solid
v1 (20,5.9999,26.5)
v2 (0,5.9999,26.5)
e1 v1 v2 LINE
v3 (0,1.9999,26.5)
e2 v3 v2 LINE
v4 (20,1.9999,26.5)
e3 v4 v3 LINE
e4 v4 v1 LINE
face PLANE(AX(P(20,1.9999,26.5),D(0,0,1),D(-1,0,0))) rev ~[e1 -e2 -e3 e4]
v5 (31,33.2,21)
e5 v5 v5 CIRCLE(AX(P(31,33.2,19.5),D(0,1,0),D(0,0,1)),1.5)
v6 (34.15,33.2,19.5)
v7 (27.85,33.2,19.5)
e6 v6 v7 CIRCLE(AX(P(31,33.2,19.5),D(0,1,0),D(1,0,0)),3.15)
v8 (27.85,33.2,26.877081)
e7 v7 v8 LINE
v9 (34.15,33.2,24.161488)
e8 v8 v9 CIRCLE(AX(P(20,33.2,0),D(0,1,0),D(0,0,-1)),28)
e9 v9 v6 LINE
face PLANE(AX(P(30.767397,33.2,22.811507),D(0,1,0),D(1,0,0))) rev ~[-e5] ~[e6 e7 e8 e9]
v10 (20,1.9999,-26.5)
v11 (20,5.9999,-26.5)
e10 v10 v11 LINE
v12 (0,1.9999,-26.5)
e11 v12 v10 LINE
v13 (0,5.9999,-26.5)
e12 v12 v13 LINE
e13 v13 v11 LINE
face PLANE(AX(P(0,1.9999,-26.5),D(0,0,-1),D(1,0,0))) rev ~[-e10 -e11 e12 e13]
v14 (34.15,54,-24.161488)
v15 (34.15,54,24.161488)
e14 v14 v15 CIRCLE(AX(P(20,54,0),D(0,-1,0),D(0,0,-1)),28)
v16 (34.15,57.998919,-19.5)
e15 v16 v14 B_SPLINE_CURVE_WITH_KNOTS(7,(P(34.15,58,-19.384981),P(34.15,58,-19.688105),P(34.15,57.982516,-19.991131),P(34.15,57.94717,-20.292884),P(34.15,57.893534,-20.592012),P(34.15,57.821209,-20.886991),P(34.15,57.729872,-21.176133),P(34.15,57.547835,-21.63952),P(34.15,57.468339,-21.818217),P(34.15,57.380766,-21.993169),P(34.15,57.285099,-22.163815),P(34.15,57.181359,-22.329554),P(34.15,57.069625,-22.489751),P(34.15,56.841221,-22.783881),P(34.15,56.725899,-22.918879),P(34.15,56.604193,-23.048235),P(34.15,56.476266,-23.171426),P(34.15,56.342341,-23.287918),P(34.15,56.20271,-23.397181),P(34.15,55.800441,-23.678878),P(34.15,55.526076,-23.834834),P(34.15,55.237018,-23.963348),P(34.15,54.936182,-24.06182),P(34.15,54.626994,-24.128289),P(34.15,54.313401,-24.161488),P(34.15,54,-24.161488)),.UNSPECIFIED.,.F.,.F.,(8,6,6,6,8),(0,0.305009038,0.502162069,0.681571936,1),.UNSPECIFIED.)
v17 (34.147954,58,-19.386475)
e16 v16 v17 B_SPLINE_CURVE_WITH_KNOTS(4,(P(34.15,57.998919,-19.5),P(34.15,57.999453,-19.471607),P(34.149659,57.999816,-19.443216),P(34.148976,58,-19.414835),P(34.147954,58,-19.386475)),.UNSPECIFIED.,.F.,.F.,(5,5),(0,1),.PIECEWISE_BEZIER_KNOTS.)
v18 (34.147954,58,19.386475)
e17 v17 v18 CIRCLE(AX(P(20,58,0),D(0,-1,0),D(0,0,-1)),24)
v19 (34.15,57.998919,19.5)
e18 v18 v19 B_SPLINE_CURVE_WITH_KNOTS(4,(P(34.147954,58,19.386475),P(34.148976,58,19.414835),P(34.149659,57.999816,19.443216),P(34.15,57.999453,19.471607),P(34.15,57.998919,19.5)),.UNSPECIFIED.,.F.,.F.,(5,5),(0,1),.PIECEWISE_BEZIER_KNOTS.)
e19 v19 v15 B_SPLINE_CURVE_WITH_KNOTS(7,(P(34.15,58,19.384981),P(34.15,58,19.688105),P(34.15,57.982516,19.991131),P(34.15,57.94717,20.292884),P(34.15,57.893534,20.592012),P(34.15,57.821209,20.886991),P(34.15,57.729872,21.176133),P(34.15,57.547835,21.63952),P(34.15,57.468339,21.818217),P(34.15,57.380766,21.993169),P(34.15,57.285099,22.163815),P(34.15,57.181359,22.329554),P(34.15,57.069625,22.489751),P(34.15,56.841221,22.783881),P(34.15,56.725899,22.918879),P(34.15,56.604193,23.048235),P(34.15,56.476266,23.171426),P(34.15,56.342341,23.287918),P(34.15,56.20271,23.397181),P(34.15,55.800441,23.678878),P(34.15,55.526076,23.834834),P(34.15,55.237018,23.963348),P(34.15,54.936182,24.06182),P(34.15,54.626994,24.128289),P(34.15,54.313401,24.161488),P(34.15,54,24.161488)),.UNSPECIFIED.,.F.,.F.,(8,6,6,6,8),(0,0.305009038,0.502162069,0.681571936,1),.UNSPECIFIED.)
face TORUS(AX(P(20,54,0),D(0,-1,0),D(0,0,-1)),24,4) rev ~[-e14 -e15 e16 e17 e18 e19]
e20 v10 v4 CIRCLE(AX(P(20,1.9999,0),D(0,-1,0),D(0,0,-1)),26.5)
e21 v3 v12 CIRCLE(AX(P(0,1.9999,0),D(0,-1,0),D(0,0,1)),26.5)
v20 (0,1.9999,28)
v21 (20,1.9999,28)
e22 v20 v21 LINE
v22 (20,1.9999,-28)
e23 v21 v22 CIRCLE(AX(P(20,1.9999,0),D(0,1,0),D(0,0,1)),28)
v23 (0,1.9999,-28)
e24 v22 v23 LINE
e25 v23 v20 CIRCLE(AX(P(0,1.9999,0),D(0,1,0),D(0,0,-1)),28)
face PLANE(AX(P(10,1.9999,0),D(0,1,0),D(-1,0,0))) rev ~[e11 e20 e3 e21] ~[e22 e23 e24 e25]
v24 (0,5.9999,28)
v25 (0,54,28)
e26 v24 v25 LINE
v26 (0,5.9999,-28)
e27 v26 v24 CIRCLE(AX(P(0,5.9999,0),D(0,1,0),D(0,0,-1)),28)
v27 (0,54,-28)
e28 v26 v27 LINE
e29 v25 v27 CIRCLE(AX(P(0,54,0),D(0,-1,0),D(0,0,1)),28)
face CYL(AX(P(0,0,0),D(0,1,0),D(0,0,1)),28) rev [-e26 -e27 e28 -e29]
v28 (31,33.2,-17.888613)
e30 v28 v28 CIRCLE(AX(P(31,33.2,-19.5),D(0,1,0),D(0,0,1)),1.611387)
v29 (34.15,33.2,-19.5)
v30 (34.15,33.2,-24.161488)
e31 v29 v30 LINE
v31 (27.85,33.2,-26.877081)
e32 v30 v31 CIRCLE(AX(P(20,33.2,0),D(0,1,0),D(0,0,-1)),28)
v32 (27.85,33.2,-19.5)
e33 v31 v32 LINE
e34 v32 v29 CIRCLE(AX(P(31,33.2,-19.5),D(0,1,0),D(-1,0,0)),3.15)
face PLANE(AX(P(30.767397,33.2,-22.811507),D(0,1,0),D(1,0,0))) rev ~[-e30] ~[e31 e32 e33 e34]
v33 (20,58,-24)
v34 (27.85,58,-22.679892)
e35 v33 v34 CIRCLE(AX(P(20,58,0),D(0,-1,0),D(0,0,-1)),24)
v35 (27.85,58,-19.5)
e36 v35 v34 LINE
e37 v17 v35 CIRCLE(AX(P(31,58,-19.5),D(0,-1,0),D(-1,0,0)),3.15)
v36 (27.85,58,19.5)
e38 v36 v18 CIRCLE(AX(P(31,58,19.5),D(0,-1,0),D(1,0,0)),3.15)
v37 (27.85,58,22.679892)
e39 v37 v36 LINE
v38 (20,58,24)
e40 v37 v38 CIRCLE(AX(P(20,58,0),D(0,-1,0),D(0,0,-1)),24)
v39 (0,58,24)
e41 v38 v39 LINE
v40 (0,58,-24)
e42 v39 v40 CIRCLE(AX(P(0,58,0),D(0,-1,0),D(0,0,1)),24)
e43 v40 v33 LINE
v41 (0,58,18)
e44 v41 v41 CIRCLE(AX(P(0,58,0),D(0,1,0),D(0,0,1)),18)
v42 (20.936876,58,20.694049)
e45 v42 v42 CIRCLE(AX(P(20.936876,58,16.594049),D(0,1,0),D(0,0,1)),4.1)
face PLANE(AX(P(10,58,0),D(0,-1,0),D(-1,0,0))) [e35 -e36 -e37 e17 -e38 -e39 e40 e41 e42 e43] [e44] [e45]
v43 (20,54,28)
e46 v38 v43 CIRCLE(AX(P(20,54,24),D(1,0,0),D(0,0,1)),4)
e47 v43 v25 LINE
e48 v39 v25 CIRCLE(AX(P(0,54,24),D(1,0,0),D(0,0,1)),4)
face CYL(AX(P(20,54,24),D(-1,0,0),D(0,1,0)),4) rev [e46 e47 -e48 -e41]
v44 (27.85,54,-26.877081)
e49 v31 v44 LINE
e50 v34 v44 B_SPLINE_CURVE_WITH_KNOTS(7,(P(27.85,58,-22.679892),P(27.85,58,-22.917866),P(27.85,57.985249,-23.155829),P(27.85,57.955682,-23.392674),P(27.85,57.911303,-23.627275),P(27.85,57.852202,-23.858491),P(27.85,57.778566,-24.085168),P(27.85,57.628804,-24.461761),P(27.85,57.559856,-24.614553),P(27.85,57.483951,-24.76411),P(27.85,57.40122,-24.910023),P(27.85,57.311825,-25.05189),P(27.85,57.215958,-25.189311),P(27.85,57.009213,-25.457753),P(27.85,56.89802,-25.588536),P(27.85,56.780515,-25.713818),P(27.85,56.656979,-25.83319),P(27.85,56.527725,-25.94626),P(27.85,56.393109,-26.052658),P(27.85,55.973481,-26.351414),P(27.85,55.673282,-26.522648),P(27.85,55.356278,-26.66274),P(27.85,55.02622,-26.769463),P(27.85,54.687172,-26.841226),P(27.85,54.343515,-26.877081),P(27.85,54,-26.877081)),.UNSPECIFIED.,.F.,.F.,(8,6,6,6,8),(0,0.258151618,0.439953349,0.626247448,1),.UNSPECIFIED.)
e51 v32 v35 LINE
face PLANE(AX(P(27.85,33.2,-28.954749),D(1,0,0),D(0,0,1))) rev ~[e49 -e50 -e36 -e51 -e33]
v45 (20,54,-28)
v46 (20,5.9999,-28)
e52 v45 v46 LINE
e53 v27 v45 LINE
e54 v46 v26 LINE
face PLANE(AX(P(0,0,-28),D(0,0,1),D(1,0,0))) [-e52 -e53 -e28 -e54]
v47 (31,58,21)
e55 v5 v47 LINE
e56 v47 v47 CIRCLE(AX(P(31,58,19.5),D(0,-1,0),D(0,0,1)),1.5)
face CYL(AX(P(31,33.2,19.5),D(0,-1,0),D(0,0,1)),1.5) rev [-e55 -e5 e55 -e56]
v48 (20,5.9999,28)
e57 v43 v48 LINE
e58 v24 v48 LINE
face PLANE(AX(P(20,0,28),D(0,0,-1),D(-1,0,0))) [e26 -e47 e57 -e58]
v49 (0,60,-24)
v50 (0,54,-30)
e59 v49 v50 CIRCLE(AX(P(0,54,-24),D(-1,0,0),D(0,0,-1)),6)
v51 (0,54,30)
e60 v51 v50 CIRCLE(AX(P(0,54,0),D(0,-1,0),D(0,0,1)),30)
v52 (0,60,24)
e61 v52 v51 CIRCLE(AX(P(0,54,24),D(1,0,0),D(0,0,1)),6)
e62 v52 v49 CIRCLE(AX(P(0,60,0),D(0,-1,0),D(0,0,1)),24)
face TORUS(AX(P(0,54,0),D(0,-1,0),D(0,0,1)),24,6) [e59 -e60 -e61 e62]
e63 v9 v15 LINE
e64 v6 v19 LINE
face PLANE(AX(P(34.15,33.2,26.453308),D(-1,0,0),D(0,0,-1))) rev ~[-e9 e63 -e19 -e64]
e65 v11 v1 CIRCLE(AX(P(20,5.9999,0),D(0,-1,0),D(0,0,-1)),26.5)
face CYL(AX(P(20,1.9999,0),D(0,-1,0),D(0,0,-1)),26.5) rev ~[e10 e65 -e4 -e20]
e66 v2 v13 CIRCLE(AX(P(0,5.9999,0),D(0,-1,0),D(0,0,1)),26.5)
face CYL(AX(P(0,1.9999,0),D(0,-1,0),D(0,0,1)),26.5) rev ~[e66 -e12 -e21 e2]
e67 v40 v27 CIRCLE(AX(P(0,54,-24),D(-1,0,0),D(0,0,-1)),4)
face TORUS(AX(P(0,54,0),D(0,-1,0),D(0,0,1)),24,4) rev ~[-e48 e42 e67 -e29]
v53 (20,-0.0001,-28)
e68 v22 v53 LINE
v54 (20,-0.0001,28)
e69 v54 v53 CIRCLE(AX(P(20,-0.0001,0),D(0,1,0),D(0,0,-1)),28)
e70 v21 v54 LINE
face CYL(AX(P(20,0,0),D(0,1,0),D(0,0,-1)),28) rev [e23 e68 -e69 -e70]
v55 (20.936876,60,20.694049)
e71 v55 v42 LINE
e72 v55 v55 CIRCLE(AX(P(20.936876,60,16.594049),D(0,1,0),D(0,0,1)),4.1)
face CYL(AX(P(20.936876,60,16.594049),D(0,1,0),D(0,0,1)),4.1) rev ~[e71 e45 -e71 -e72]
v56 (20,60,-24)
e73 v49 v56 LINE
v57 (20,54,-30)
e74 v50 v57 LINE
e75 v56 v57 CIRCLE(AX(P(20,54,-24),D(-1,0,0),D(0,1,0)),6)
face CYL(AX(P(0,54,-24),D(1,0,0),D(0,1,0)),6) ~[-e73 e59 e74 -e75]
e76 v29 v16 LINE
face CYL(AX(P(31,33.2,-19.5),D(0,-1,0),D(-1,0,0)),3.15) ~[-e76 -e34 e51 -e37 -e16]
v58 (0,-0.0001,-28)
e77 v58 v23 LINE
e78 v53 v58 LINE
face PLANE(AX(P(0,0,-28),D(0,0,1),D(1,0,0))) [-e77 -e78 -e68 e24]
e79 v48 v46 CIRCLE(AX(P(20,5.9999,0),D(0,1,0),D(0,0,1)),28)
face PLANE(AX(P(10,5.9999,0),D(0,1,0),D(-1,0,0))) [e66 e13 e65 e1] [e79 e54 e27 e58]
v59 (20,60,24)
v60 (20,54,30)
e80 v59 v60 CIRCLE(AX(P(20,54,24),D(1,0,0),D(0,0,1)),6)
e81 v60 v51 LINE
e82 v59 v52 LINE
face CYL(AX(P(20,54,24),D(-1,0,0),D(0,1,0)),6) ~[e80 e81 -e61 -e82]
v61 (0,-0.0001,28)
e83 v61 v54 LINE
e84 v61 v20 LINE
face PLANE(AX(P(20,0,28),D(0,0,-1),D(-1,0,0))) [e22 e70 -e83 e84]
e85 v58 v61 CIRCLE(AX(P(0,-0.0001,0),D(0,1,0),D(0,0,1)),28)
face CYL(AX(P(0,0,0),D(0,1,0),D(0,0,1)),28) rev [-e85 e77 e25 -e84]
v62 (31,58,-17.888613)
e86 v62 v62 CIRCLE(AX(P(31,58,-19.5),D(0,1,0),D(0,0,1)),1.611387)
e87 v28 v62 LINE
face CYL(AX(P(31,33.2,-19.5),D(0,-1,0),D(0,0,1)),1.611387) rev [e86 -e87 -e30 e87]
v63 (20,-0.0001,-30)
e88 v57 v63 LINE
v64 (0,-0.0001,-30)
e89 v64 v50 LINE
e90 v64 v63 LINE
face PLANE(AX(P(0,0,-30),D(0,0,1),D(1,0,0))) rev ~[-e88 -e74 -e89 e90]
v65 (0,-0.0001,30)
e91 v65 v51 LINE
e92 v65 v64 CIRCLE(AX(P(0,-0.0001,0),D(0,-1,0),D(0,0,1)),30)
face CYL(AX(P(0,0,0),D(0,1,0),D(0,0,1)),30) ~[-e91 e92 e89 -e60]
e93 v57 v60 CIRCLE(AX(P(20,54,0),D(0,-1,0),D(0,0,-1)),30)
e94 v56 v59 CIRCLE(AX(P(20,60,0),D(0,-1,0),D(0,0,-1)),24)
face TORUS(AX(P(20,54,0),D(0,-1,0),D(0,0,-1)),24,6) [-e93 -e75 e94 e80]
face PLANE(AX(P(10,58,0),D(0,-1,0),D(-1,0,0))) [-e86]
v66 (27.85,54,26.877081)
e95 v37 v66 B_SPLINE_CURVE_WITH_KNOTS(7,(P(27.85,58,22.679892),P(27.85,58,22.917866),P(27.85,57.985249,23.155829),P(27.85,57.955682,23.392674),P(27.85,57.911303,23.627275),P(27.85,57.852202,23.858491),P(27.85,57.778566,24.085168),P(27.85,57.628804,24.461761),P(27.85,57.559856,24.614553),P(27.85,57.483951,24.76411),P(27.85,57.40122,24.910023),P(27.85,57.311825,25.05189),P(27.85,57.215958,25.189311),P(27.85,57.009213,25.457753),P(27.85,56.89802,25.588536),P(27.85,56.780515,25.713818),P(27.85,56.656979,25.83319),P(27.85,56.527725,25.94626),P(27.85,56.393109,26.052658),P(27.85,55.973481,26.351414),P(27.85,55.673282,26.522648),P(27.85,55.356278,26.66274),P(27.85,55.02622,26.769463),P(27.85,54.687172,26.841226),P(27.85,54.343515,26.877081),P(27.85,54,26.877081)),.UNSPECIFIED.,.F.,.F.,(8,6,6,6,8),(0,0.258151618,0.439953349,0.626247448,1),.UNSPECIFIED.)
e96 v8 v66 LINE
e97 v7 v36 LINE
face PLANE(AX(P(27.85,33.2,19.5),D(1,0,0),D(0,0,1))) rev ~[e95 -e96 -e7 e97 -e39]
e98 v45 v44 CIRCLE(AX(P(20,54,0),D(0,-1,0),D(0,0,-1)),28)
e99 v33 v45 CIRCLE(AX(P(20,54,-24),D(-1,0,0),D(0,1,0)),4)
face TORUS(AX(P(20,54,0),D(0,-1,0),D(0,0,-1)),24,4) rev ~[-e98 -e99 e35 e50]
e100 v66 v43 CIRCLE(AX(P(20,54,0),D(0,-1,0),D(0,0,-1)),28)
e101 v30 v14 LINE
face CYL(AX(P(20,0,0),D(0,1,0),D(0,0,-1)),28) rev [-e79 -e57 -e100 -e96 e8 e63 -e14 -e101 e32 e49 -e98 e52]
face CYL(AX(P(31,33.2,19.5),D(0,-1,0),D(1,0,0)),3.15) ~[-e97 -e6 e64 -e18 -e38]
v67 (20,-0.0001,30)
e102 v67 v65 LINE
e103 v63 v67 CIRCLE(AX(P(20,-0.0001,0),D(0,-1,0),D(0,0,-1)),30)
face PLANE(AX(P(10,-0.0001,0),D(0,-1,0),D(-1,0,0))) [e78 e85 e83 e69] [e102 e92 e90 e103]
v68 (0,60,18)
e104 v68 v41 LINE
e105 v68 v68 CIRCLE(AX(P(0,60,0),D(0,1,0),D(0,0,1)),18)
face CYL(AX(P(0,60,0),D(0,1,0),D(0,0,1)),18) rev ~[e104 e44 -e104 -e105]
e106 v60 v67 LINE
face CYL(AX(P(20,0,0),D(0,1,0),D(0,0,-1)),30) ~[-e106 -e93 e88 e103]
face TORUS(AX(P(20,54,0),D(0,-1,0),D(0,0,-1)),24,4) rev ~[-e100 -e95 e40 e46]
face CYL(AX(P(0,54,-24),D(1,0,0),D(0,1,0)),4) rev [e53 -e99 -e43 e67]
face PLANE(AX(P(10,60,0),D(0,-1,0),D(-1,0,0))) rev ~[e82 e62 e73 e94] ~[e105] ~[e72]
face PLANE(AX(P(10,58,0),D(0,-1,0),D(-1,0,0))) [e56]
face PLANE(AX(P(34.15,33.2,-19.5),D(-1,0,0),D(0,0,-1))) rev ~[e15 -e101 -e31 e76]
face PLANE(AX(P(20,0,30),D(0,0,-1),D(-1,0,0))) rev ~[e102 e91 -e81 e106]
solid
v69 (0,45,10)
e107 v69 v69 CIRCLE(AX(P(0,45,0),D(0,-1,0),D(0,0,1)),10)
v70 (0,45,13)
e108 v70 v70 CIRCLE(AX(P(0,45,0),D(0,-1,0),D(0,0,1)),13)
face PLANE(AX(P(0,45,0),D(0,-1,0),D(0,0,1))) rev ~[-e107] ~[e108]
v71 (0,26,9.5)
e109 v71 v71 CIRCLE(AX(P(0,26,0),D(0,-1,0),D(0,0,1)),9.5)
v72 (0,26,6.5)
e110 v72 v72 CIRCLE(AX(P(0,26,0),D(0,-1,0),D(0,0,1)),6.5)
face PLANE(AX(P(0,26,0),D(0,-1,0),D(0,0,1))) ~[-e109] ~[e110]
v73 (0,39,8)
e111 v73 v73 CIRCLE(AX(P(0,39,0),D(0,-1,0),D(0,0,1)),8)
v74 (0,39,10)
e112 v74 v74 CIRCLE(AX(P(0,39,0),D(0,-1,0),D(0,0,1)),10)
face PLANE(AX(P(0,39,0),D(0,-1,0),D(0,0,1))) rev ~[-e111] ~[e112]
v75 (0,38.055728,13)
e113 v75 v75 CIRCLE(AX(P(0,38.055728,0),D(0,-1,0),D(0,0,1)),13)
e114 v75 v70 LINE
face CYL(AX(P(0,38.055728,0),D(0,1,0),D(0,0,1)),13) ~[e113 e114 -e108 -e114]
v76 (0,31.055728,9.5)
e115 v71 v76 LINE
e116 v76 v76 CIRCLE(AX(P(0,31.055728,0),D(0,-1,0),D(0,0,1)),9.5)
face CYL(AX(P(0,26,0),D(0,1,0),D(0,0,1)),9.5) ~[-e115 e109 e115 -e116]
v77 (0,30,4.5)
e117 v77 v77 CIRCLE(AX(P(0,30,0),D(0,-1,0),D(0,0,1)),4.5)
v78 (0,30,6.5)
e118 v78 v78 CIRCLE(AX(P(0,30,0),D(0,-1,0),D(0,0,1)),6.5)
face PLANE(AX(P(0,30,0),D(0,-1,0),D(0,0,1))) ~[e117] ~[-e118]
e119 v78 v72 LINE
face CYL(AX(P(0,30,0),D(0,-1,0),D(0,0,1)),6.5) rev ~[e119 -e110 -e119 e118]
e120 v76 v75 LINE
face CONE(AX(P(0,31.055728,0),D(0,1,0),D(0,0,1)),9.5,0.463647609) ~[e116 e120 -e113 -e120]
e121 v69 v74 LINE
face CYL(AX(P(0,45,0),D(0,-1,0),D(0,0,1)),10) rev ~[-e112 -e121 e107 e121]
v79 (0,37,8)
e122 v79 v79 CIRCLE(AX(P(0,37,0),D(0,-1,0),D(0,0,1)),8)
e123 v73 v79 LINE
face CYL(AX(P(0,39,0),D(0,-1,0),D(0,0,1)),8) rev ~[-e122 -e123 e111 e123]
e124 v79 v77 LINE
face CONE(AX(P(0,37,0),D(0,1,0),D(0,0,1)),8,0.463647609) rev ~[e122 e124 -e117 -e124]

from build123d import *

# Parameters (mm, degrees)
EXTRUDE_2_DEPTH      = 60
EXTRUDE_2_DEPTH_BACK = 0.0001
FILLET_2_R           = 6
SHELL_2_T            = -2
CUT_EXTRUDE_1_REACH  = 85.666
SKETCH_3_R           = 18
EXTRUDE_5_REACH      = 69.099
SKETCH_5_R           = 1.5
SKETCH_5_R_2         = 1.611386823
SKETCH_6_R           = 4.1
CUT_EXTRUDE_2_DEPTH  = 2
EXTRUDE_START        = -2
EXTRUDE_6_DEPTH      = 4


with BuildPart() as part:
    # 草图2 → 凸台-拉伸2 (new, two sides)
    with BuildSketch(Plane(origin=(0, 0, 0), x_dir=(1, 0, 0), z_dir=(0, 1, 0))) as extrude_2_sk:
        with BuildLine():
            Line((0, 30), (20, 30))
            ThreePointArc((20, 30), (50, 0), (20, -30))
            Line((20, -30), (0, -30))
            ThreePointArc((0, -30), (-30, 0), (0, 30))
        make_face()
    extrude(amount=EXTRUDE_2_DEPTH)
    extrude(extrude_2_sk.sketch, amount=-EXTRUDE_2_DEPTH_BACK)

    # 圆角2
    fillet_2_edges = [part.edges().sort_by_distance(p)[0] for p in [
        (-30, 60, 0),
        (10, 60, 30),
        (50, 60, 0),
        (10, 60, -30),
    ]]
    fillet(fillet_2_edges, radius=FILLET_2_R)

    # 抽壳2
    shell_2_openings = [part.faces().sort_by_distance(p)[0] for p in [
        (10, -0.0001, 0),
    ]]
    offset(amount=SHELL_2_T, openings=shell_2_openings, kind=Kind.INTERSECTION)

    # 草图3 → 切除-拉伸1 (cut, up to next)
    with BuildSketch(Plane(origin=(0, 60, 0), x_dir=(1, 0, 0), z_dir=(0, 1, 0)), mode=Mode.PRIVATE) as cut_extrude_1_sk1:
        with Locations(Location((0, 0, 0), (0, 0, 270))):
            Circle(SKETCH_3_R)
    cut_extrude_1_tool1 = extrude(cut_extrude_1_sk1.sketch, amount=-CUT_EXTRUDE_1_REACH, mode=Mode.PRIVATE) & part.part
    add(cut_extrude_1_tool1.solids().sort_by_distance((0, 60, 0))[0], mode=Mode.SUBTRACT)

    # 草图5 → 凸台-拉伸5 (add, up to next)
    with BuildSketch(Plane(origin=(0, 33.2, 0), x_dir=(1, 0, 0), z_dir=(0, 1, 0)), mode=Mode.PRIVATE) as extrude_5_sk1:
        with BuildLine():
            Line((34.15, -26.453307922), (34.15, -19.5))
            ThreePointArc((34.15, -19.5), (31, -16.35), (27.85, -19.5))
            Line((27.85, -19.5), (27.85, -28.954749179))
            ThreePointArc((27.85, -28.954749179), (31.070876302, -27.882533922), (34.15, -26.453307922))
        make_face()
        with Locations(Location((31, -19.5, 0), (0, 0, 270))):
            Circle(SKETCH_5_R, mode=Mode.SUBTRACT)
    extrude_5_tool1 = extrude(extrude_5_sk1.sketch, amount=EXTRUDE_5_REACH, mode=Mode.PRIVATE) - part.part
    # 草图5 → 凸台-拉伸5 (add, up to next)
    with BuildSketch(Plane(origin=(0, 33.2, 0), x_dir=(1, 0, 0), z_dir=(0, 1, 0)), mode=Mode.PRIVATE) as extrude_5_sk2:
        with BuildLine():
            Line((34.15, 19.5), (34.15, 26.453307922))
            ThreePointArc((34.15, 26.453307922), (31.070876302, 27.882533922), (27.85, 28.954749179))
            Line((27.85, 28.954749179), (27.85, 19.5))
            ThreePointArc((27.85, 19.5), (31, 16.35), (34.15, 19.5))
        make_face()
        with Locations(Location((31, 19.5, 0), (0, 0, 270))):
            Circle(SKETCH_5_R_2, mode=Mode.SUBTRACT)
    extrude_5_tool2 = extrude(extrude_5_sk2.sketch, amount=EXTRUDE_5_REACH, mode=Mode.PRIVATE) - part.part
    add(extrude_5_tool1.solids().sort_by_distance((30.864931, 33.2, 22.774956))[0])
    add(extrude_5_tool2.solids().sort_by_distance((30.862479, 33.2, -22.834401))[0])

    # 草图6 → 切除-拉伸2 (cut)
    with BuildSketch(Plane(origin=(0, 60, 0), x_dir=(1, 0, 0), z_dir=(0, 1, 0))):
        with Locations(Location((20.936876077, -16.594048798, 0), (0, 0, 270))):
            Circle(SKETCH_6_R)
    extrude(amount=-CUT_EXTRUDE_2_DEPTH, mode=Mode.SUBTRACT)

    # 草图8 → 凸台-拉伸6 (add)
    with BuildSketch(Plane.XZ.offset(0.0001).offset(EXTRUDE_START)):
        with BuildLine():
            Line((20, -28), (0, -28))
            ThreePointArc((0, -28), (-28, 0), (0, 28))
            Line((0, 28), (20, 28))
            ThreePointArc((20, 28), (48, 0), (20, -28))
        make_face()
        with BuildLine():
            ThreePointArc((20, -26.5), (46.5, 0), (20, 26.5))
            Line((20, 26.5), (0, 26.5))
            ThreePointArc((0, 26.5), (-26.5, 0), (0, -26.5))
            Line((0, -26.5), (20, -26.5))
        make_face(mode=Mode.SUBTRACT)
    extrude(amount=-EXTRUDE_6_DEPTH)


with BuildPart() as body_2:
    # 草图4 → 旋转3 (revolve)
    with BuildSketch(Plane.XY, mode=Mode.PRIVATE) as revolve_3_sk:
        Polygon((-10, 45), (-10, 39), (-8, 39), (-8, 37), (-4.5, 30), (-6.5, 30), (-6.5, 26), (-9.5, 26), (-9.5, 31.05572809), (-13, 38.05572809), (-13, 45), align=None)
    revolve(revolve_3_sk.sketch.rotate(Axis((0, 72.773070172, 0), (0, -1, 0)), 270), axis=Axis((0, 72.773070172, 0), (0, -1, 0)))


solid = Compound([part.part, body_2.part])
